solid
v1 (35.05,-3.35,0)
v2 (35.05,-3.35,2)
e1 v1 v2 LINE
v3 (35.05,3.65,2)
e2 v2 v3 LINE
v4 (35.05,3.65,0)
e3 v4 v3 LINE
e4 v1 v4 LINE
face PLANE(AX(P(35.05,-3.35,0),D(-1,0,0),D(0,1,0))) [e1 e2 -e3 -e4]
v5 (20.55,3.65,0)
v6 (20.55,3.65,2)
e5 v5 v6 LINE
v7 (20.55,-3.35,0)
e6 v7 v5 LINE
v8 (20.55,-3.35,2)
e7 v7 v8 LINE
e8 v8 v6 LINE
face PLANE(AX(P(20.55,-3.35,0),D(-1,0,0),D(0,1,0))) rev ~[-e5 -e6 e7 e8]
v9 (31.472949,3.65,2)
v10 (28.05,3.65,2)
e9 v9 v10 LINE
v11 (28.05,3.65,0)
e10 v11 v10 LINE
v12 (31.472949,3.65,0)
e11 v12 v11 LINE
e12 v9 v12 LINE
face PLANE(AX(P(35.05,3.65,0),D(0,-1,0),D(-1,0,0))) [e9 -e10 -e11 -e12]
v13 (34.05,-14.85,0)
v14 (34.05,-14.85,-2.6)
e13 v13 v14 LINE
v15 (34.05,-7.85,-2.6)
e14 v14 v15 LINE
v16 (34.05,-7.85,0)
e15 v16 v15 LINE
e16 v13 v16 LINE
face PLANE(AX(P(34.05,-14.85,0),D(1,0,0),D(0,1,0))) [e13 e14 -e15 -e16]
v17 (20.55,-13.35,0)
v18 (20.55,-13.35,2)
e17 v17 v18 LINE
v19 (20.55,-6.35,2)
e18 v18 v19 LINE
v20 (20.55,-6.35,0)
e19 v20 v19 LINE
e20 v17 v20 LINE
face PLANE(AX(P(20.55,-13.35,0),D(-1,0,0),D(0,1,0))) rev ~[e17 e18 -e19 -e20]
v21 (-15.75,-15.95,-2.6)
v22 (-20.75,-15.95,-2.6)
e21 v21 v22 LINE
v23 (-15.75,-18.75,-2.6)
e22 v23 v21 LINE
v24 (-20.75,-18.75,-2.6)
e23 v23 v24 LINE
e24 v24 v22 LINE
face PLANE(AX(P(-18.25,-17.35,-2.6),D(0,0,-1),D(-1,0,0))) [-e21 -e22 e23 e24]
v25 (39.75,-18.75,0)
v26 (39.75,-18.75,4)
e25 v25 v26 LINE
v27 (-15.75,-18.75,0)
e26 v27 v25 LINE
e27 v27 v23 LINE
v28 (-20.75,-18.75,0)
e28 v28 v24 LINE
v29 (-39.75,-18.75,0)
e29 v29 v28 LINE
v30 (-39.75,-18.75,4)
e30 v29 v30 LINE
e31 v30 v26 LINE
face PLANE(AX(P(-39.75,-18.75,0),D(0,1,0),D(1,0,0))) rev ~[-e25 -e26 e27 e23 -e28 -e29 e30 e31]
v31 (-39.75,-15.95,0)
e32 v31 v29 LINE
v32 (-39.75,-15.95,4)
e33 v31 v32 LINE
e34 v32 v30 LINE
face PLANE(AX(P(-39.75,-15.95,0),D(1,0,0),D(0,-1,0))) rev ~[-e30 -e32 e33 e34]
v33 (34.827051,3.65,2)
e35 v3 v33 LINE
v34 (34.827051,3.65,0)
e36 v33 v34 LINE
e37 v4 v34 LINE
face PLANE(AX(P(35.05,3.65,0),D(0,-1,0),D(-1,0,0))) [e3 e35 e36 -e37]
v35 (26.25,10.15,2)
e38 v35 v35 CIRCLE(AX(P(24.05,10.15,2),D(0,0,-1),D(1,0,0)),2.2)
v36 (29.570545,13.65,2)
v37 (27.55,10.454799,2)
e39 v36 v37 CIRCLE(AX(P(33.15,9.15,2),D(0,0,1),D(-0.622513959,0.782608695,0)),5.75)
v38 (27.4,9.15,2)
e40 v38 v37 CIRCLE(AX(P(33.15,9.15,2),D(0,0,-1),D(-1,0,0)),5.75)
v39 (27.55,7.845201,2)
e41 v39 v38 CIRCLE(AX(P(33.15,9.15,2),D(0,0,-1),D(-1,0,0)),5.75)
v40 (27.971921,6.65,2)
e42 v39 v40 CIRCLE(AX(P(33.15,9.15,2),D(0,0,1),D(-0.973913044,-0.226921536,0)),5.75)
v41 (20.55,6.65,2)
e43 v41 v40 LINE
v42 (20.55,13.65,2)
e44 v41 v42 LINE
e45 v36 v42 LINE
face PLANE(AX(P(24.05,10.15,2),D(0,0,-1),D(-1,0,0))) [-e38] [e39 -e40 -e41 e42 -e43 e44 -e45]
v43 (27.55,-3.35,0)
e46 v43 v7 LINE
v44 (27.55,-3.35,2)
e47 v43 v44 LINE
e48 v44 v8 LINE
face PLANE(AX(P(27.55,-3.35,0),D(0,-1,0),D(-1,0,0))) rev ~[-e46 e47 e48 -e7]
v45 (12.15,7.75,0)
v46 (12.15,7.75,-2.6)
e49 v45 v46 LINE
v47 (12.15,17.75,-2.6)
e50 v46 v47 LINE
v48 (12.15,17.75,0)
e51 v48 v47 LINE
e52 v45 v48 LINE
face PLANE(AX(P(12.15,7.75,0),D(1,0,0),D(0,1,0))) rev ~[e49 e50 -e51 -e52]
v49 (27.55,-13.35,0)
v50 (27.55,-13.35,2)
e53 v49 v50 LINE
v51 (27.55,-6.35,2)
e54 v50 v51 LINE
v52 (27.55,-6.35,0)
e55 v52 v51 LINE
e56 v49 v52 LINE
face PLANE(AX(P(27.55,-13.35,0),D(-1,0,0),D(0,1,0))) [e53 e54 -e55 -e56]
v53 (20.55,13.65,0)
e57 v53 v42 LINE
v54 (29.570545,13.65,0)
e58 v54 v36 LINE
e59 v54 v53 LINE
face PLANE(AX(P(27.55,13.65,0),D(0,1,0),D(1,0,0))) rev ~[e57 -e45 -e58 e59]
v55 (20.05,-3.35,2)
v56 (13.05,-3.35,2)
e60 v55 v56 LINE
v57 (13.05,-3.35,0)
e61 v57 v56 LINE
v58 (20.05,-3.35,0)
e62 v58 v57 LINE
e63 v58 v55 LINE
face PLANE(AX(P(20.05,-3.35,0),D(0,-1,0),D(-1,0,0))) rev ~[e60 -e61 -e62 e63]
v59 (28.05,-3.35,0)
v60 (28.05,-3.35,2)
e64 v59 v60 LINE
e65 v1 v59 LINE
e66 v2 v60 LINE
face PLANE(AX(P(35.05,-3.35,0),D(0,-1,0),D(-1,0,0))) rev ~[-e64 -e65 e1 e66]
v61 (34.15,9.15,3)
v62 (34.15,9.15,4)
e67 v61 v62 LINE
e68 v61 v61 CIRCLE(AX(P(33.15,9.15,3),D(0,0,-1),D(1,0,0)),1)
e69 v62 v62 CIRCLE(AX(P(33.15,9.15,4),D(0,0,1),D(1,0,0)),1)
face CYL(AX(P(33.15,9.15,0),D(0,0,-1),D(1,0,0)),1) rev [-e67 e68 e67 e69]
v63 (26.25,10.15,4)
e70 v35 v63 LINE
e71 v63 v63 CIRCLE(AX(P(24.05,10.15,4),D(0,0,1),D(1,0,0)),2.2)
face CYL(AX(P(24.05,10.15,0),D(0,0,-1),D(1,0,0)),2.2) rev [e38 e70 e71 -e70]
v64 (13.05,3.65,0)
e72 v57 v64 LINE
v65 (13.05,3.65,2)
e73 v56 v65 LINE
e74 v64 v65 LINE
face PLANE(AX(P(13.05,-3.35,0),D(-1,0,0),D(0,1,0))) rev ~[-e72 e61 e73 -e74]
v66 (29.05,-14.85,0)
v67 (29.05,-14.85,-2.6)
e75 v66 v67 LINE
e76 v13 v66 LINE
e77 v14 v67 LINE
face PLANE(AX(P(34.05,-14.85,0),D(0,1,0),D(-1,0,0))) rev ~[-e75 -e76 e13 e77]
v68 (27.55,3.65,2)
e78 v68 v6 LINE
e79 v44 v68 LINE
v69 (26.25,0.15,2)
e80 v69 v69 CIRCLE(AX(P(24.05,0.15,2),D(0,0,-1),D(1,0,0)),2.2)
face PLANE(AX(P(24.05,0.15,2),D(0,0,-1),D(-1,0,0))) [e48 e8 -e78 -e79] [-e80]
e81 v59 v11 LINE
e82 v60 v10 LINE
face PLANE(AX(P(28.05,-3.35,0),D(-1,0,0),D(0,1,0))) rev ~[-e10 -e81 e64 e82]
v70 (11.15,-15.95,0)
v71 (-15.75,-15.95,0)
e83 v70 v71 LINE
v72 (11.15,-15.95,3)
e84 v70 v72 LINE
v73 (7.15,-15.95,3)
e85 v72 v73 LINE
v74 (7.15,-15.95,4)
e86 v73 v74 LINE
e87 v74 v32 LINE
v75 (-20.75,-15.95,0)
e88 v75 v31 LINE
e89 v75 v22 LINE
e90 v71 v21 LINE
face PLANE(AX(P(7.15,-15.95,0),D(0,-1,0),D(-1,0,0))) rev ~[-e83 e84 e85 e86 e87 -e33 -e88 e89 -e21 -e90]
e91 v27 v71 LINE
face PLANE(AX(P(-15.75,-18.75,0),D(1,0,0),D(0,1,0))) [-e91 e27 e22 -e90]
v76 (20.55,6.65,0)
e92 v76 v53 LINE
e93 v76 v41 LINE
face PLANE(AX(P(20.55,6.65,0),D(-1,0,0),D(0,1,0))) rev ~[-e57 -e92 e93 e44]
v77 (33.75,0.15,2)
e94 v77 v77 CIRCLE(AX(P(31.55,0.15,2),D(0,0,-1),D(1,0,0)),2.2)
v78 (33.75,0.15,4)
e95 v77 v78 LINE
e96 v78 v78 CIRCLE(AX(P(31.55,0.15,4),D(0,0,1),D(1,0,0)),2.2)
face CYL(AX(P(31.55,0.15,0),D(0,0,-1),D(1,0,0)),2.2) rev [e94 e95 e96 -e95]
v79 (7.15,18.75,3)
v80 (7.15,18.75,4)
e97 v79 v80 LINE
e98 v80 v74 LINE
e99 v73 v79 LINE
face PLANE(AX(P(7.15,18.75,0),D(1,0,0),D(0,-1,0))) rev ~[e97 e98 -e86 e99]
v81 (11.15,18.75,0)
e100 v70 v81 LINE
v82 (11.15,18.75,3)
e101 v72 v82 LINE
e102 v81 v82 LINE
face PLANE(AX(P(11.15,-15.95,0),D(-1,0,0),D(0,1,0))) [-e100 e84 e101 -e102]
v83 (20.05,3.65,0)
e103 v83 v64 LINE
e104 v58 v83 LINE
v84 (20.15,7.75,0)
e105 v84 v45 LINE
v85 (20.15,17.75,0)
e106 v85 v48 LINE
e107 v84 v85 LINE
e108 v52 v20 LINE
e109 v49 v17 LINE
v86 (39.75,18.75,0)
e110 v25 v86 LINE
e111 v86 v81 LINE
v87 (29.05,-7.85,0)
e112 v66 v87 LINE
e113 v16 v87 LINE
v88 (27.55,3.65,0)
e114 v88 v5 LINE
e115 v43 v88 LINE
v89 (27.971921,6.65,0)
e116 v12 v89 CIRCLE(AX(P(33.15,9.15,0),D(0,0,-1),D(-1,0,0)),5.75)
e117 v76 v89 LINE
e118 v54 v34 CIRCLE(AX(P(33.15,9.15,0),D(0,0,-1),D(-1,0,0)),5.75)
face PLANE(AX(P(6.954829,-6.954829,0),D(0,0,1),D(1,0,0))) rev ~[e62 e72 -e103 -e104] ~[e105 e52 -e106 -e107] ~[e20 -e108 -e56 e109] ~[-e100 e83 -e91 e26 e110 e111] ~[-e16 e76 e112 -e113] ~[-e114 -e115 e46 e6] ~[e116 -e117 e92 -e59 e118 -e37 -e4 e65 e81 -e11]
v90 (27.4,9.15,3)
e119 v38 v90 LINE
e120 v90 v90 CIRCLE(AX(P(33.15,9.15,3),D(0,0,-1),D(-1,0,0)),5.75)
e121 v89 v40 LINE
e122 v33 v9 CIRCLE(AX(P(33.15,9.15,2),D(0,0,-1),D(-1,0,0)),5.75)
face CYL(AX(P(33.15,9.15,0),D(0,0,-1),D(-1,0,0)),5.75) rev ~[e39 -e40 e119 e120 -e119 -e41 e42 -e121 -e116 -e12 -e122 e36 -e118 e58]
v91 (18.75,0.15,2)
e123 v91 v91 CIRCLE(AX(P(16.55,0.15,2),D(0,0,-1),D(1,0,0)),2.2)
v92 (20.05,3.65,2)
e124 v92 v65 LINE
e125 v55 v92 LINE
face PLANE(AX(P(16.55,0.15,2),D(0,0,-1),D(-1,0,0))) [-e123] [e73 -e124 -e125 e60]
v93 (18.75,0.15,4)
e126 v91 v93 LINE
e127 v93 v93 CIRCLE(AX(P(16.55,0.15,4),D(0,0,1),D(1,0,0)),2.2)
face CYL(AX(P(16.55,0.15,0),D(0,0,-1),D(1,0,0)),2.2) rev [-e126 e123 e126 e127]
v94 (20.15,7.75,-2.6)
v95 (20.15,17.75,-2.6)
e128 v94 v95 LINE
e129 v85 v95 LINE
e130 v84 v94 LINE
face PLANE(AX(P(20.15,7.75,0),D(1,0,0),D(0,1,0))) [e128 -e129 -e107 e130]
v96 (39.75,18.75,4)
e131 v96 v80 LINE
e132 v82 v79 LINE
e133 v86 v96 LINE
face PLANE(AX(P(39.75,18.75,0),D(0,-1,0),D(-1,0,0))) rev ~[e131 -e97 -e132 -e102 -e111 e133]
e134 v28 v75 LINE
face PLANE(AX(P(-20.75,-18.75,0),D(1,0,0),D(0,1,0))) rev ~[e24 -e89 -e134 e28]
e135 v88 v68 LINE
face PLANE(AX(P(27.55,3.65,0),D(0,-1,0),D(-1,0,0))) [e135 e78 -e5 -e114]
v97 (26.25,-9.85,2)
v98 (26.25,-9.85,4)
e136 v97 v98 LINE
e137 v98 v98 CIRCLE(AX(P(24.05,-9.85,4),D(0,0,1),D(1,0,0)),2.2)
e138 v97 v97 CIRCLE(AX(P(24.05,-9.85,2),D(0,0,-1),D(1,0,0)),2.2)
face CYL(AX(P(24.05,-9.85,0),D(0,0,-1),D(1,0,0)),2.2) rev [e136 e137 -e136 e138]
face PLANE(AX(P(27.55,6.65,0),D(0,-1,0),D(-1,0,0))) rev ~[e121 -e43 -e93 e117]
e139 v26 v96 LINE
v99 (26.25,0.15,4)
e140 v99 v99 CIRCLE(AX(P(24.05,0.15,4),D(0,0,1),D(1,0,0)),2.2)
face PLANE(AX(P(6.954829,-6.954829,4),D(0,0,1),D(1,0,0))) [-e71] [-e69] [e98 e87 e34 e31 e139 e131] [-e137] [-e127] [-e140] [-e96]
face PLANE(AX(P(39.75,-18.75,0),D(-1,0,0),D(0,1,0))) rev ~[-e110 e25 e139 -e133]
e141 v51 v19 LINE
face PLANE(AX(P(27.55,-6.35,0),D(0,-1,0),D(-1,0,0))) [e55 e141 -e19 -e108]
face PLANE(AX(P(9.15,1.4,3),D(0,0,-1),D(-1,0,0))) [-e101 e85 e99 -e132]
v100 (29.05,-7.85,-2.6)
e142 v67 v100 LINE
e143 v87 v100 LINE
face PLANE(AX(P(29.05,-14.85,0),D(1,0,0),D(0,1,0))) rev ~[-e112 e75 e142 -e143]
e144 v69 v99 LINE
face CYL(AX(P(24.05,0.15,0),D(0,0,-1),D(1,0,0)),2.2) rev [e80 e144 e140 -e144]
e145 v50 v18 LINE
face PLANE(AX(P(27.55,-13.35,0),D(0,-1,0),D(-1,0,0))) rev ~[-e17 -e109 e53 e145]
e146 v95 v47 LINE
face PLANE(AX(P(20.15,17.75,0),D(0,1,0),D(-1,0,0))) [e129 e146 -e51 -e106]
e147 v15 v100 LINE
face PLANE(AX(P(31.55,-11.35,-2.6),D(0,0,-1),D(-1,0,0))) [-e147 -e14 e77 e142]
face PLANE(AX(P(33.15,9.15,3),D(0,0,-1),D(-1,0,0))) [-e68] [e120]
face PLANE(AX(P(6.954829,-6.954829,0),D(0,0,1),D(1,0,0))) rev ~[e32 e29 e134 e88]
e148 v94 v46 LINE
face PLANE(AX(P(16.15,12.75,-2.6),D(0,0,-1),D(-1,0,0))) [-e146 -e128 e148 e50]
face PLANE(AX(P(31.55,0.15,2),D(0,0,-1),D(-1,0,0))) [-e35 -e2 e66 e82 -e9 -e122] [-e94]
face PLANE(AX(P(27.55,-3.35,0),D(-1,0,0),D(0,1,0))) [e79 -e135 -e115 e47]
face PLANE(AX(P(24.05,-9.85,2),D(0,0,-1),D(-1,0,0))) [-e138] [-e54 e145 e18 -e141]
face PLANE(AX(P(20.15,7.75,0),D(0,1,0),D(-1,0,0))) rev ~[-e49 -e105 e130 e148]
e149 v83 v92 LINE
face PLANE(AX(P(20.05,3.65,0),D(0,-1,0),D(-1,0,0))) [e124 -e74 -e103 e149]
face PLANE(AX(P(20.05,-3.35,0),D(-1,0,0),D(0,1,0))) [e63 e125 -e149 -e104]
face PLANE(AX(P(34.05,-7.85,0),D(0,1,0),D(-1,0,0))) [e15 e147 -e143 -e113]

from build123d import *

# Parameters (mm, degrees)
SZKIC1_R                    = 2.2
SZKIC1_R_2                  = 1
DODANIE_WYCI_GNI_CIE1_DEPTH = 4
SZKIC2_R                    = 5.75
SZKIC2_W                    = 4
SZKIC2_H                    = 34.7
WYTNIJ_WYCI_GNI_CIE1_DEPTH  = 3
SZKIC3_W                    = 5
SZKIC3_H                    = 2.8
SZKIC3_W_2                  = 8
SZKIC3_H_2                  = 10
SZKIC3_H_3                  = 7
DODANIE_WYCI_GNI_CIE2_DEPTH = 2.6
SZKIC4_R                    = 5.75
SZKIC4_W                    = 7
SZKIC4_H                    = 7
SZKIC4_R_2                  = 2.2
WYTNIJ_WYCI_GNI_CIE3_DEPTH  = 2


with BuildPart() as part:
    # Szkic1 → Dodanie-wyciągnięcie1 (new body)
    with BuildSketch(Plane.XY):
        Polygon((-39.75, -15.95), (-39.75, -18.75), (39.75, -18.75), (39.75, 18.75), (7.15, 18.75), (7.15, -15.95), align=None)
        with Locations((24.05, -9.85)):
            Circle(SZKIC1_R, mode=Mode.SUBTRACT)
        with Locations((16.55, 0.15)):
            Circle(SZKIC1_R, mode=Mode.SUBTRACT)
        with Locations((24.05, 0.15)):
            Circle(SZKIC1_R, mode=Mode.SUBTRACT)
        with Locations((31.55, 0.15)):
            Circle(SZKIC1_R, mode=Mode.SUBTRACT)
        with Locations((33.15, 9.15)):
            Circle(SZKIC1_R_2, mode=Mode.SUBTRACT)
        with Locations((24.05, 10.15)):
            Circle(SZKIC1_R, mode=Mode.SUBTRACT)
    extrude(amount=DODANIE_WYCI_GNI_CIE1_DEPTH)

    # Szkic2 → Wytnij-wyciągnięcie1 (cut)
    with BuildSketch(Plane(origin=(0, 0, 0), x_dir=(-1, 0, 0), z_dir=(0, 0, -1))):
        with Locations((-33.15, 9.15)):
            Circle(SZKIC2_R)
        with Locations((-9.15, 1.4)):
            Rectangle(SZKIC2_W, SZKIC2_H)
    extrude(amount=-WYTNIJ_WYCI_GNI_CIE1_DEPTH, mode=Mode.SUBTRACT)

    # Szkic3 → Dodanie-wyciągnięcie2 (add)
    with BuildSketch(Plane(origin=(0, 0, 0), x_dir=(-1, 0, 0), z_dir=(0, 0, -1))):
        with Locations((18.25, -17.35)):
            Rectangle(SZKIC3_W, SZKIC3_H)
        with Locations((-16.15, 12.75)):
            Rectangle(SZKIC3_W_2, SZKIC3_H_2)
        with Locations((-31.55, -11.35)):
            Rectangle(SZKIC3_W, SZKIC3_H_3)
    extrude(amount=DODANIE_WYCI_GNI_CIE2_DEPTH)

    # Szkic4 → Wytnij-wyciągnięcie3 (cut)
    # profile 1 of 9: a face of its own
    with BuildSketch(Plane(origin=(0, 0, 0), x_dir=(-1, 0, 0), z_dir=(0, 0, -1))):
        with BuildLine():
            Line((-27.55, 10.454798835), (-27.55, 13.65))
            Line((-27.55, 13.65), (-29.570544734, 13.65))
            ThreePointArc((-29.570544734, 13.65), (-28.290172085, 12.223202342), (-27.55, 10.454798835))
        make_face()
    # profile 2 of 9: a face of its own
    with BuildSketch(Plane(origin=(0, 0, 0), x_dir=(-1, 0, 0), z_dir=(0, 0, -1))):
        with BuildLine():
            Line((-27.55, 6.65), (-27.55, 7.845201165))
            ThreePointArc((-27.55, 7.845201165), (-27.727927326, 7.235939416), (-27.971921206, 6.65))
            Line((-27.971921206, 6.65), (-27.55, 6.65))
        make_face()
    # profile 3 of 9: a face of its own
    with BuildSketch(Plane(origin=(0, 0, 0), x_dir=(-1, 0, 0), z_dir=(0, 0, -1))):
        with Locations((-33.15, 9.15)):
            Circle(SZKIC4_R)
    # profile 4 of 9: a face of its own
    with BuildSketch(Plane(origin=(0, 0, 0), x_dir=(-1, 0, 0), z_dir=(0, 0, -1))):
        with Locations((-24.05, 10.15)):
            Rectangle(SZKIC4_W, SZKIC4_H)
        with Locations((-24.05, 10.15)):
            Circle(SZKIC4_R_2, mode=Mode.SUBTRACT)
    # profile 5 of 9: a face of its own
    with BuildSketch(Plane(origin=(0, 0, 0), x_dir=(-1, 0, 0), z_dir=(0, 0, -1))):
        with Locations((-24.05, 0.15)):
            Rectangle(SZKIC4_W, SZKIC4_H)
        with Locations((-24.05, 0.15)):
            Circle(SZKIC4_R_2, mode=Mode.SUBTRACT)
    # profile 6 of 9: a face of its own
    with BuildSketch(Plane(origin=(0, 0, 0), x_dir=(-1, 0, 0), z_dir=(0, 0, -1))):
        with Locations((-33.15, 9.15)):
            Circle(SZKIC4_R)
    # profile 7 of 9: a face of its own
    with BuildSketch(Plane(origin=(0, 0, 0), x_dir=(-1, 0, 0), z_dir=(0, 0, -1))):
        with Locations((-31.55, 0.15)):
            Rectangle(SZKIC4_W, SZKIC4_H)
        with Locations((-31.55, 0.15)):
            Circle(SZKIC4_R_2, mode=Mode.SUBTRACT)
    # profile 8 of 9: a face of its own
    with BuildSketch(Plane(origin=(0, 0, 0), x_dir=(-1, 0, 0), z_dir=(0, 0, -1))):
        with Locations((-16.55, 0.15)):
            Rectangle(SZKIC4_W, SZKIC4_H)
        with Locations((-16.55, 0.15)):
            Circle(SZKIC4_R_2, mode=Mode.SUBTRACT)
    # profile 9 of 9: a face of its own
    with BuildSketch(Plane(origin=(0, 0, 0), x_dir=(-1, 0, 0), z_dir=(0, 0, -1))):
        with Locations((-24.05, -9.85)):
            Rectangle(SZKIC4_W, SZKIC4_H)
        with Locations((-24.05, -9.85)):
            Circle(SZKIC4_R_2, mode=Mode.SUBTRACT)
    extrude(amount=-WYTNIJ_WYCI_GNI_CIE3_DEPTH, mode=Mode.SUBTRACT)


solid = part.part
